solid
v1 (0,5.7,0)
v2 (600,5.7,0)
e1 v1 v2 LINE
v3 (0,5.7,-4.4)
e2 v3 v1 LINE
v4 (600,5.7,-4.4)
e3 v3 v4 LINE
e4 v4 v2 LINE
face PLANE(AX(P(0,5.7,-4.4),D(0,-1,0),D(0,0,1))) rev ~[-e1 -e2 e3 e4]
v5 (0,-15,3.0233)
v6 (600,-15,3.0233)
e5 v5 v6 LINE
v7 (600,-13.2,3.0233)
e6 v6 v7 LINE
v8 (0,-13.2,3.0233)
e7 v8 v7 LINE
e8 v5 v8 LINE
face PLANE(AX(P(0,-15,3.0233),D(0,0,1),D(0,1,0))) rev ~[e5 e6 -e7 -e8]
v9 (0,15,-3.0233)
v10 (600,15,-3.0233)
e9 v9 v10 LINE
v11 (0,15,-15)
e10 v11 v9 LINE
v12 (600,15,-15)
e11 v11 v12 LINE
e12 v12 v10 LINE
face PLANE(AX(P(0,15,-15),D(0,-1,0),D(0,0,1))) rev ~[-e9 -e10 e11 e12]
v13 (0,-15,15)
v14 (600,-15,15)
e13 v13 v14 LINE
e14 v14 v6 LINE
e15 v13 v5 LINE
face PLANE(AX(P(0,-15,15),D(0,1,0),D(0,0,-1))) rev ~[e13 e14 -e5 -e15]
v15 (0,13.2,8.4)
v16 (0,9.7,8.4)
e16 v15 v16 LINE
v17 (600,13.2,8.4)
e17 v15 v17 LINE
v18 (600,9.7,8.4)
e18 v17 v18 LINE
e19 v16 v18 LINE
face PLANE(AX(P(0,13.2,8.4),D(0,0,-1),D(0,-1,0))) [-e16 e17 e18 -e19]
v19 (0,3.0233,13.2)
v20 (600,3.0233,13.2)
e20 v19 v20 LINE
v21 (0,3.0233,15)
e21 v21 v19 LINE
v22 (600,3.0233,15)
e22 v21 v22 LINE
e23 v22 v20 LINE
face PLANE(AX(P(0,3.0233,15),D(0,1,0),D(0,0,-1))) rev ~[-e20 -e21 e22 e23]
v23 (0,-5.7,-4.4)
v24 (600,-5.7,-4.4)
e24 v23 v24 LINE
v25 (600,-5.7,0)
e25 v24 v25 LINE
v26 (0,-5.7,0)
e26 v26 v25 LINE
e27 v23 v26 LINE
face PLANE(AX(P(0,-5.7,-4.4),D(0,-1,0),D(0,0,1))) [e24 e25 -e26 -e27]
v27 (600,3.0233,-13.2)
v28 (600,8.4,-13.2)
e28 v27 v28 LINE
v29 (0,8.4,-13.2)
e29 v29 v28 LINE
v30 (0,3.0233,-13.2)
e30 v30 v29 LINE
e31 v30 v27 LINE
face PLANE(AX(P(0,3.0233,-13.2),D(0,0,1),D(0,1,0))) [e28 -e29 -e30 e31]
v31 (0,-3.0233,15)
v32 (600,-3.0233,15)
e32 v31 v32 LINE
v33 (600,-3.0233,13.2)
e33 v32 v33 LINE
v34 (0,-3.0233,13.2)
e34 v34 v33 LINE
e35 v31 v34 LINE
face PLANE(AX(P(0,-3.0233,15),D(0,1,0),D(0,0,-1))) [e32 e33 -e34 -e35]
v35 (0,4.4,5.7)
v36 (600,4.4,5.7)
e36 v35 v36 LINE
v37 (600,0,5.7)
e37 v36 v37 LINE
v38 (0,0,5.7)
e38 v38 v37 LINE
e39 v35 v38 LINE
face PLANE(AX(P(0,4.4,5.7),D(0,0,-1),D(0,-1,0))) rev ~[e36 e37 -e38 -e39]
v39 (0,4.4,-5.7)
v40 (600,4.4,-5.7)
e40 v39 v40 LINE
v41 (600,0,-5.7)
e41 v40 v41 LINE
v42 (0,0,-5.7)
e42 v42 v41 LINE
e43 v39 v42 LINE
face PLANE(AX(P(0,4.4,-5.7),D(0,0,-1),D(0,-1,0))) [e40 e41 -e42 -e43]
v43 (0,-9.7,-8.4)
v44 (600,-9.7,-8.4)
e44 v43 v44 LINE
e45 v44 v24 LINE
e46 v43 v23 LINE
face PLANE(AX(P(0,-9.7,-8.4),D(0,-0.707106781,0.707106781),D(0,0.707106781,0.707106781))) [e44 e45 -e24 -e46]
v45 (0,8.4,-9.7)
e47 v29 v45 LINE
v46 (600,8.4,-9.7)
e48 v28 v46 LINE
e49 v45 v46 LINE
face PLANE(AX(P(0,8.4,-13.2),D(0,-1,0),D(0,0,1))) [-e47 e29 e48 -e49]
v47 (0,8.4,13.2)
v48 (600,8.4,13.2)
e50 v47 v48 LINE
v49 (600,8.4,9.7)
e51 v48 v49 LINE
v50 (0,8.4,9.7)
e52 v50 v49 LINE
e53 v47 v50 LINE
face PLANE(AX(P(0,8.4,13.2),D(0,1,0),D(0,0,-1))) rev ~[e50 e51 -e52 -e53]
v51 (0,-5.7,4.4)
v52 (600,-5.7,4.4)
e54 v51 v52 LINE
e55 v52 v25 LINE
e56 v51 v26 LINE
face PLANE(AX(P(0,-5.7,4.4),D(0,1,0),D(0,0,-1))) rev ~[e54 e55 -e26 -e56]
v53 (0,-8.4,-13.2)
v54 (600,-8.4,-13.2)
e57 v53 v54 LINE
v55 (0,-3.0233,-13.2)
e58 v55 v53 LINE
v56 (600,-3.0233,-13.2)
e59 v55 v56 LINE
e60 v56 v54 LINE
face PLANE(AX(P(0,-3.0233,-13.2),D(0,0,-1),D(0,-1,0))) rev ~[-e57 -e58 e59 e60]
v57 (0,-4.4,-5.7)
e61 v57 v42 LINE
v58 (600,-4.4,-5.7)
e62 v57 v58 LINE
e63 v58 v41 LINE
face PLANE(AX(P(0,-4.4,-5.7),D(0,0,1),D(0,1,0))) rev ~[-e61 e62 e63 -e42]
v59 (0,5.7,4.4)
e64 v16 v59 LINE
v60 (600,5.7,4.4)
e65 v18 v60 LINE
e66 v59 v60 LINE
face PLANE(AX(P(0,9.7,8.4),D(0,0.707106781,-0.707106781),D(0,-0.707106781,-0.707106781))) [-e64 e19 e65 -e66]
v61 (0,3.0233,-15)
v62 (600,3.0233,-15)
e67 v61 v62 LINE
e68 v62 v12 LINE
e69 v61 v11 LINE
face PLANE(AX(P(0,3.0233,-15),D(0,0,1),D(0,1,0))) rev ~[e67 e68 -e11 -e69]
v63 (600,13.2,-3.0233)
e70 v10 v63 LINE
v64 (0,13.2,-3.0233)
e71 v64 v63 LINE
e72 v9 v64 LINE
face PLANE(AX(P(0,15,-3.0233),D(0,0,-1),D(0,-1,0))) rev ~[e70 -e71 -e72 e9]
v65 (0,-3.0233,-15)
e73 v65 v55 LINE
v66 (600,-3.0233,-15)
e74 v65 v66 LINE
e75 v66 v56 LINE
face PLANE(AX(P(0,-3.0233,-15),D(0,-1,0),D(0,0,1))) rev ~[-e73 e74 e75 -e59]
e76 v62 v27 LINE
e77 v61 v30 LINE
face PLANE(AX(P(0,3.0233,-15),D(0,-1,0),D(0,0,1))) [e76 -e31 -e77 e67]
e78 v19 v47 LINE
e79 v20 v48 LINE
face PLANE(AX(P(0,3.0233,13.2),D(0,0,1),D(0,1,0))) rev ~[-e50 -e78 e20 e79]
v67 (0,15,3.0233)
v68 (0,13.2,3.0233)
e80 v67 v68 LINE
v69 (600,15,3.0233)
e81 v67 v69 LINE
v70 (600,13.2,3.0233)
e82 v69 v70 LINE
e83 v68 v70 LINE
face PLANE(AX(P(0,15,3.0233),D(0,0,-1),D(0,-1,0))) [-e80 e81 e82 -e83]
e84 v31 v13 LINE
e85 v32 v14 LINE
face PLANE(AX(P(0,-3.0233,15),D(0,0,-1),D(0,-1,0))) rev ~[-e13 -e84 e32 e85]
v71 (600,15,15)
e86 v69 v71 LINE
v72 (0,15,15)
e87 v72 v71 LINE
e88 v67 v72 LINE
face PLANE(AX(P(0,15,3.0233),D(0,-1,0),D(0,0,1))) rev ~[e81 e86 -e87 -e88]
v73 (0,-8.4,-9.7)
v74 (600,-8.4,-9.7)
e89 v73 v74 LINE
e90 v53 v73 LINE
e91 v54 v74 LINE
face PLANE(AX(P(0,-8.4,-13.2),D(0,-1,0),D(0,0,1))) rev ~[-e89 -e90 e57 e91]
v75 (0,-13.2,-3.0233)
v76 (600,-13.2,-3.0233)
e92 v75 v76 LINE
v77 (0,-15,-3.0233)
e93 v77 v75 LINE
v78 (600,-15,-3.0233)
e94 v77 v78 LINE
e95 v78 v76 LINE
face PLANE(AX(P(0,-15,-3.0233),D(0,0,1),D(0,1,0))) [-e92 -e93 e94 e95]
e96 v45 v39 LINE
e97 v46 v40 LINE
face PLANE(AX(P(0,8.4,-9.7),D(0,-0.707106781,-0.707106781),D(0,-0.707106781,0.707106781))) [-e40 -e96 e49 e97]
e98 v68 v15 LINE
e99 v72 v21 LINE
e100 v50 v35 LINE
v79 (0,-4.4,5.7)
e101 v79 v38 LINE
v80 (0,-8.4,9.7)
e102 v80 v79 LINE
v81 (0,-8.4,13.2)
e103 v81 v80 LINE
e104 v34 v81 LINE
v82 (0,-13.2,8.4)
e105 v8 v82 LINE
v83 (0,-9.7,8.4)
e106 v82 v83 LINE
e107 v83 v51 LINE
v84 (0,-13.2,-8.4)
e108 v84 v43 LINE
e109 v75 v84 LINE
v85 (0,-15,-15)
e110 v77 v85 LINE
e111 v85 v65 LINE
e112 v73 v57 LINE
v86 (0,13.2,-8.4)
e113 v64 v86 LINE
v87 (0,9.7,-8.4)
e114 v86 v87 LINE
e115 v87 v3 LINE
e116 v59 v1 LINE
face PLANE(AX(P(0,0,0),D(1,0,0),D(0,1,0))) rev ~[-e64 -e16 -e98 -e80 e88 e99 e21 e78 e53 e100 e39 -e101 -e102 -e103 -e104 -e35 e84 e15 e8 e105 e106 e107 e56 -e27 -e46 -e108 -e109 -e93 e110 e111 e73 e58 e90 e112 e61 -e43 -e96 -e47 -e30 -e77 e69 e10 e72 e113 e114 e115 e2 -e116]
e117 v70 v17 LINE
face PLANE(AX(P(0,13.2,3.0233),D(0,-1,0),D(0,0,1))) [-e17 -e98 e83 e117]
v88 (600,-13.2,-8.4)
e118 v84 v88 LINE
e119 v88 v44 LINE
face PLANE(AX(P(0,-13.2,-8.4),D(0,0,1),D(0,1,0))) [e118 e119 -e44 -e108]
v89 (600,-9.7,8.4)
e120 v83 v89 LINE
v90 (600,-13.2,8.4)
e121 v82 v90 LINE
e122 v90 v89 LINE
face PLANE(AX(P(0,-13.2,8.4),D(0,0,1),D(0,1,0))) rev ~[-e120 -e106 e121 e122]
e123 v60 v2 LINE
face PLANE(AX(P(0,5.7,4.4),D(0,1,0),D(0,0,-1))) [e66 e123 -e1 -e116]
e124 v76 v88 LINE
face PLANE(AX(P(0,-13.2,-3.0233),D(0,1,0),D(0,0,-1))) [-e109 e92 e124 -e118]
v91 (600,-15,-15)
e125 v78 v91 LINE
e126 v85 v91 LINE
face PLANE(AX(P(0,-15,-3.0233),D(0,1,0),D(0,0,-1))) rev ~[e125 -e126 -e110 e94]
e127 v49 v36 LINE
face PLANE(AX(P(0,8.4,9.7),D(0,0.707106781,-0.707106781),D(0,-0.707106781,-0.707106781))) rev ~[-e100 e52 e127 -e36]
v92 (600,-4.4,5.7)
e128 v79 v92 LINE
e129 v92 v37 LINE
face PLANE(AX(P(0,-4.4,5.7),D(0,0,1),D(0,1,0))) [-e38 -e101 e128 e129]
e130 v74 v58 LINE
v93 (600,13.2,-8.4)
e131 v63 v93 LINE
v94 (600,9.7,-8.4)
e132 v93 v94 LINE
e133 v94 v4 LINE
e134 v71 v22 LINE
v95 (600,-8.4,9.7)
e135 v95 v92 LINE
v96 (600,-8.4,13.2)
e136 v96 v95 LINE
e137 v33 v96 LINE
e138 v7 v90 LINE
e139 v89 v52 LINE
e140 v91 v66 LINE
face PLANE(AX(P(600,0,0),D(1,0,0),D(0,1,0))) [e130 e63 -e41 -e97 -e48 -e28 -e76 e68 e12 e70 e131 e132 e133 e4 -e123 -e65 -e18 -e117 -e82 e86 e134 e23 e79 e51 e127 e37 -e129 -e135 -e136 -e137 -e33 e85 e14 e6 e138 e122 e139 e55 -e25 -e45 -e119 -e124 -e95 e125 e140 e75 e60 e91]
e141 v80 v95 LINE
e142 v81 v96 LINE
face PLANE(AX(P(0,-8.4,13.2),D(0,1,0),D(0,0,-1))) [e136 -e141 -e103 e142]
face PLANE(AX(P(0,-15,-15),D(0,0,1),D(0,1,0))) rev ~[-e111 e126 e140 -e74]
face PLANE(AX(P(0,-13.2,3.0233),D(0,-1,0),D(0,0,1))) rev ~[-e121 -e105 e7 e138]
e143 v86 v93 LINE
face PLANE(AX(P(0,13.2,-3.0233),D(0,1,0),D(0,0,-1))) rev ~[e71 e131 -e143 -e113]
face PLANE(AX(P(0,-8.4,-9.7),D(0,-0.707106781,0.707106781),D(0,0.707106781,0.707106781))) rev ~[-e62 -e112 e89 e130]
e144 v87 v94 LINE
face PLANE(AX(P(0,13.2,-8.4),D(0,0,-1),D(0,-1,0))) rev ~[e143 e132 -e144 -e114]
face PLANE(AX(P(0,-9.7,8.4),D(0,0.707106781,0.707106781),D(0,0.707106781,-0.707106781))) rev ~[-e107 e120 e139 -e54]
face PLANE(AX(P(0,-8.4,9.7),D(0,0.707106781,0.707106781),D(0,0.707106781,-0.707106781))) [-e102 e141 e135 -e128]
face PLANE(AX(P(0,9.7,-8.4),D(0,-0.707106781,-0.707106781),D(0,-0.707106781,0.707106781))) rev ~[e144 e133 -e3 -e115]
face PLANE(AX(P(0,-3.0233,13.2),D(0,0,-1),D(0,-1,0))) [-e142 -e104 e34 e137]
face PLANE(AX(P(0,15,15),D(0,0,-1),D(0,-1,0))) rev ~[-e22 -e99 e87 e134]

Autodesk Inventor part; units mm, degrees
ref_plane "YZ Plane" through (0, 0, 0) normal (1, 0, 0) x (0, 1, 0)
ref_plane "XZ Plane" through (0, 0, 0) normal (0, 1, 0) x (-1, 0, 0)
ref_plane "XY Plane" through (0, 0, 0) normal (0, 0, 1) x (1, 0, 0)
sketch "草图2" plane through (0, 0, 0) normal (1, 0, 0) x (0, 1, 0)
  line L0 (15, 3.0233) -> (15, 15)
  line L1 (15, 15) -> (3.0233, 15)
  line L2 (3.0233, 15) -> (3.0233, 13.2)
  line L3 (3.0233, 13.2) -> (8.4, 13.2)
  line L4 (8.4, 13.2) -> (8.4, 9.7)
  line L5 (8.4, 9.7) -> (4.4, 5.7)
  line L6 (4.4, 5.7) -> (0, 5.7)
  line L7 (15, 3.0233) -> (13.2, 3.0233)
  line L8 (13.2, 3.0233) -> (13.2, 8.4)
  line L9 (13.2, 8.4) -> (9.7, 8.4)
  line L10 (9.7, 8.4) -> (5.7, 4.4)
  line L11 (5.7, 4.4) -> (5.7, 0)
  line L12 (-15, 3.0233) -> (-13.2, 3.0233)
  line L13 (-5.7, 4.4) -> (-5.7, 0)
  line L14 (-13.2, 3.0233) -> (-13.2, 8.4)
  line L15 (-13.2, 8.4) -> (-9.7, 8.4)
  line L16 (-9.7, 8.4) -> (-5.7, 4.4)
  line L17 (-8.4, 9.7) -> (-4.4, 5.7)
  line L18 (-4.4, 5.7) -> (0, 5.7)
  line L19 (-15, 15) -> (-15, 3.0233)
  line L20 (-8.4, 13.2) -> (-8.4, 9.7)
  line L21 (-3.0233, 15) -> (-15, 15)
  line L22 (-3.0233, 13.2) -> (-8.4, 13.2)
  line L23 (-3.0233, 15) -> (-3.0233, 13.2)
  line L24 (-3.0233, -15) -> (-3.0233, -13.2)
  line L25 (-4.4, -5.7) -> (0, -5.7)
  line L26 (-3.0233, -13.2) -> (-8.4, -13.2)
  line L27 (-8.4, -13.2) -> (-8.4, -9.7)
  line L28 (-8.4, -9.7) -> (-4.4, -5.7)
  line L29 (-9.7, -8.4) -> (-5.7, -4.4)
  line L30 (-5.7, -4.4) -> (-5.7, 0)
  line L31 (-15, -15) -> (-3.0233, -15)
  line L32 (-13.2, -8.4) -> (-9.7, -8.4)
  line L33 (-15, -3.0233) -> (-15, -15)
  line L34 (-13.2, -3.0233) -> (-13.2, -8.4)
  line L35 (-15, -3.0233) -> (-13.2, -3.0233)
  line L36 (15, -3.0233) -> (13.2, -3.0233)
  line L37 (5.7, -4.4) -> (5.7, 0)
  line L38 (13.2, -3.0233) -> (13.2, -8.4)
  line L39 (13.2, -8.4) -> (9.7, -8.4)
  line L40 (9.7, -8.4) -> (5.7, -4.4)
  line L41 (8.4, -9.7) -> (4.4, -5.7)
  line L42 (4.4, -5.7) -> (0, -5.7)
  line L43 (15, -15) -> (15, -3.0233)
  line L44 (8.4, -13.2) -> (8.4, -9.7)
  line L45 (3.0233, -15) -> (15, -15)
  line L46 (3.0233, -13.2) -> (8.4, -13.2)
  line L47 (3.0233, -15) -> (3.0233, -13.2)
  point P0 (0, 0)
  point P1 (15, 0)
  point P2 (0, 0)
  point P3 (0, 0)
  point P4 (0, 0)
  point P5 (0, 0)
  point P6 (0, 0)
  point P7 (0, 15)
  point P8 (0, 0)
  point P9 (0, 0)
  point P10 (0, 0)
  point P11 (-15, 0)
  point P12 (0, 0)
  point P13 (0, 0)
  point P14 (0, 0)
  point P15 (0, -15)
  point P16 (-5.7, 0)
  point P17 (0, -5.7)
  point P18 (5.7, 0)
  dimension "d2" = 5.7
  dimension "d3" = 1.8
  dimension "d4" = 8.4
  dimension "d5" = 4
  dimension "d6" = 360
extrude "拉伸1" add sketch "草图2" along normal blind 600
properties part number "3030型材-600mm"
